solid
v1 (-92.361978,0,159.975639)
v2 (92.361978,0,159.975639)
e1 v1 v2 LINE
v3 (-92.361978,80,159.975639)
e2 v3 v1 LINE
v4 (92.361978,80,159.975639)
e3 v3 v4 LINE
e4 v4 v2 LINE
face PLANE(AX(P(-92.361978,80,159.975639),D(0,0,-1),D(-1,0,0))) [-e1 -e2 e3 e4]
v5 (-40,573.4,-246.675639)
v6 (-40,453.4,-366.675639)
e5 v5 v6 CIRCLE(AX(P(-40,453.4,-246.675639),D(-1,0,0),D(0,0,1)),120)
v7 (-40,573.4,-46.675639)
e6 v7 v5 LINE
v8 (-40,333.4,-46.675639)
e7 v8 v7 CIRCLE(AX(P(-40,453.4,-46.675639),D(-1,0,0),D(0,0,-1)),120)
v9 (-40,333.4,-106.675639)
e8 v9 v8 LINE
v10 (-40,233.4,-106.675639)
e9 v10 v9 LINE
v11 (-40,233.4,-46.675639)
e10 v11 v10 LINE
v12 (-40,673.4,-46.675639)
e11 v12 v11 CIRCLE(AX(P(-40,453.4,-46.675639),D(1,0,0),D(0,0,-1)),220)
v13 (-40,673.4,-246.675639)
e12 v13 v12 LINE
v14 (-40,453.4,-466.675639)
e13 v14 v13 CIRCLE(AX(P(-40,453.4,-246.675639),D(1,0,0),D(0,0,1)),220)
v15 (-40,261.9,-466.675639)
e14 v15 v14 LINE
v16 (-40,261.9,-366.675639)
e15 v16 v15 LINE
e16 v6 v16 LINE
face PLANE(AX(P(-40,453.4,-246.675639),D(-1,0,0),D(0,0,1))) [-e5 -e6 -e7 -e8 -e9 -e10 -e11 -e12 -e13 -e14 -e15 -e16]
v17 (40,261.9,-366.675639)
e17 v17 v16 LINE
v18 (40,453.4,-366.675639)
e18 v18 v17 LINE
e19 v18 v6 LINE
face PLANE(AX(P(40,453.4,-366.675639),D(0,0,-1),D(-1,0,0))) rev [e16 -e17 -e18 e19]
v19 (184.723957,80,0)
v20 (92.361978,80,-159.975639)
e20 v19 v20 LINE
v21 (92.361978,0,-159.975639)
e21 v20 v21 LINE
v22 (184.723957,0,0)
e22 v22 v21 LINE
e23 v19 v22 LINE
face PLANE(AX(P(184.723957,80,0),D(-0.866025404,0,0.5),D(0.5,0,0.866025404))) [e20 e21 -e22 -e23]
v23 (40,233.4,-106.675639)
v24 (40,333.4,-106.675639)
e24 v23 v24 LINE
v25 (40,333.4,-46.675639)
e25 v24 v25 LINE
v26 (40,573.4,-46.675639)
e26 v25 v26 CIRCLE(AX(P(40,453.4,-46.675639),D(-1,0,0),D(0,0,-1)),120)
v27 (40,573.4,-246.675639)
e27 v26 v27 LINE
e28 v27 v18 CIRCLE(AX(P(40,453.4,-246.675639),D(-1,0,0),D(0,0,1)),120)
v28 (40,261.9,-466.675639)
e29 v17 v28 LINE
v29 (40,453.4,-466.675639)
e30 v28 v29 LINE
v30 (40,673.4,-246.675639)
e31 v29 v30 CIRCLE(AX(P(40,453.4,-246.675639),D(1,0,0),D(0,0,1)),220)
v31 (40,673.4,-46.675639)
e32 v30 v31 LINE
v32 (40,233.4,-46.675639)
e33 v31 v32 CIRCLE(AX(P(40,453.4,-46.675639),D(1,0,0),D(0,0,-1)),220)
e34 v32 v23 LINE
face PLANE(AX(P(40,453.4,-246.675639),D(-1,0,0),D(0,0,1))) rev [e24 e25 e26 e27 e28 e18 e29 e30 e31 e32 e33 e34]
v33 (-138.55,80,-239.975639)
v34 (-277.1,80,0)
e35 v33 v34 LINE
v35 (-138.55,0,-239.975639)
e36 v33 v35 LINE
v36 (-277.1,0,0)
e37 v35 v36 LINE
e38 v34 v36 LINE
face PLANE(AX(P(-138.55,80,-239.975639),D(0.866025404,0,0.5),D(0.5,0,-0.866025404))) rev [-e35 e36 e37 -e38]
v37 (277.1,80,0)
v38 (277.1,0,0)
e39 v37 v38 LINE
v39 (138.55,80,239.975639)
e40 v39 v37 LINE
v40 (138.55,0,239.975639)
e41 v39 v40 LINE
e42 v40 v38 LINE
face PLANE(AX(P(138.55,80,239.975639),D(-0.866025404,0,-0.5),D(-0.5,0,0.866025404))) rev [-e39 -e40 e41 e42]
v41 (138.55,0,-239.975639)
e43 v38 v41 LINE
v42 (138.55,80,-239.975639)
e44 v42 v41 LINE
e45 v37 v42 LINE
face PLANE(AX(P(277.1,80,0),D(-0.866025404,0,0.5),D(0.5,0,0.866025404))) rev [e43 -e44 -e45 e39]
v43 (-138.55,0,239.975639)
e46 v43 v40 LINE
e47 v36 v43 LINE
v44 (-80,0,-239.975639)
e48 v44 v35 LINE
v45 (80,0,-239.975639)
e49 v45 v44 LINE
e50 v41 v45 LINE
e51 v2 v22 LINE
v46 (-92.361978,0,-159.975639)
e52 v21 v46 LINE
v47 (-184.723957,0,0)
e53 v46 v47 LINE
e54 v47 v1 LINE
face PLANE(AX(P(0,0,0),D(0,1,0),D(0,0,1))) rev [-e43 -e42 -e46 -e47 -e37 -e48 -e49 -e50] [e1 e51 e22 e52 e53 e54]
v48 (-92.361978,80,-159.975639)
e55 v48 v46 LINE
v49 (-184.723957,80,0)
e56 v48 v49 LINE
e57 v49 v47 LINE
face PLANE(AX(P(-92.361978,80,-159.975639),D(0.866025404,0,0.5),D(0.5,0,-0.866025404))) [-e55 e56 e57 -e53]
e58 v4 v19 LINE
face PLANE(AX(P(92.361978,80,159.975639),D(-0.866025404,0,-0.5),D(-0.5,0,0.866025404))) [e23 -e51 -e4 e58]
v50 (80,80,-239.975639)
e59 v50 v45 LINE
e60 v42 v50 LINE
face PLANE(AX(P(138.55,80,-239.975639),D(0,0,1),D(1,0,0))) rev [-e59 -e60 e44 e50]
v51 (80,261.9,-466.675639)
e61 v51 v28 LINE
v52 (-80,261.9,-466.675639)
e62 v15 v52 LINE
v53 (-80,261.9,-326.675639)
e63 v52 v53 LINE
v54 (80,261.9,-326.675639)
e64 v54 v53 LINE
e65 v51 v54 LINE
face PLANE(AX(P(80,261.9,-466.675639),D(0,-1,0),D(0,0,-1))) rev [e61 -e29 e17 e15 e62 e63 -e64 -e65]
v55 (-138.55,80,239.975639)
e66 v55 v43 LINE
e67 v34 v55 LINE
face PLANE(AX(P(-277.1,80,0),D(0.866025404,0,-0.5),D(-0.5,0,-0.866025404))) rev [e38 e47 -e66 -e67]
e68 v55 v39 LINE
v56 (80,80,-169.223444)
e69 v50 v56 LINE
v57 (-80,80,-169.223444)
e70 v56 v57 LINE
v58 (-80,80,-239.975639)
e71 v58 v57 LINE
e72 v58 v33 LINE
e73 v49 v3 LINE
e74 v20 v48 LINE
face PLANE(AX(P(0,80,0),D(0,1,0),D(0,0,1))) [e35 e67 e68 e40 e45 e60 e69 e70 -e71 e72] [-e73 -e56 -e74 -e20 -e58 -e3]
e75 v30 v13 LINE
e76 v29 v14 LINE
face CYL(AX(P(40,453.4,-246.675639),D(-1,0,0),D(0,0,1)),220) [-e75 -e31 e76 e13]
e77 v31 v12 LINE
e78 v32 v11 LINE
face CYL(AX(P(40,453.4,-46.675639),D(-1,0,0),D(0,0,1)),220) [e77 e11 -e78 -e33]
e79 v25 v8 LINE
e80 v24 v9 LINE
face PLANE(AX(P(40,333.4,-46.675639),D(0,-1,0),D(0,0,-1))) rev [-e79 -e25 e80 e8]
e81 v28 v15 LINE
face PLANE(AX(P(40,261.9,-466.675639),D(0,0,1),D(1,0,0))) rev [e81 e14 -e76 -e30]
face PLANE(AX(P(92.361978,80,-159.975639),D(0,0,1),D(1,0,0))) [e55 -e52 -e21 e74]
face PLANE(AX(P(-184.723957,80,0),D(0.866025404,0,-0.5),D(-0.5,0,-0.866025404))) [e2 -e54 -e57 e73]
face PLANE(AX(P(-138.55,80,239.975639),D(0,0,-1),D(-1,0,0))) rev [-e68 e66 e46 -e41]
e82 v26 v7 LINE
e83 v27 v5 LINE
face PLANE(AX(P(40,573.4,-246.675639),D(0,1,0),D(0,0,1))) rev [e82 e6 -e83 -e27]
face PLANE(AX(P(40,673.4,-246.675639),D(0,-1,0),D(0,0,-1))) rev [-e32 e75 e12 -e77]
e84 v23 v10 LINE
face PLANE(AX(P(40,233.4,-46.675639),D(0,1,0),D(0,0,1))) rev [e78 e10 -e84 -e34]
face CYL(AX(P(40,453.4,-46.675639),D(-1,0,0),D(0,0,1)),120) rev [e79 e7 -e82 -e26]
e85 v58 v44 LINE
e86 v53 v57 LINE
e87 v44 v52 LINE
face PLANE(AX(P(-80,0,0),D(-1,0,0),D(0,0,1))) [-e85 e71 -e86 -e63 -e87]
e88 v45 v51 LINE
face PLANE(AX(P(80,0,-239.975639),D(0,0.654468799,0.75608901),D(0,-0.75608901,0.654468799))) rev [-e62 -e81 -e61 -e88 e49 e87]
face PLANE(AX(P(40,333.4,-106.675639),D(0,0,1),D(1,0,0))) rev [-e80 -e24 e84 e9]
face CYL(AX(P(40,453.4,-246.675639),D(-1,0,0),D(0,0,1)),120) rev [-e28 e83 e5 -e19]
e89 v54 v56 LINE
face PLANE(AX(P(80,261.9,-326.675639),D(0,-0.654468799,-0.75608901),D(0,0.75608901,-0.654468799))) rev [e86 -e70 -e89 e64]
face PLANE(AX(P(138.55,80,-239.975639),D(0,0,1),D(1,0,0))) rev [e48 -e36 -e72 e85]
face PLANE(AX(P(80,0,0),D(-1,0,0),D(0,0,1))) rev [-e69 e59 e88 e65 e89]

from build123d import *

# Parameters (mm, degrees)
SALIENTE_EXTRUIR1_DEPTH = 80
SALIENTE_EXTRUIR2_DEPTH = 80
SALIENTE_EXTRUIR4_DEPTH = 40


with BuildPart() as part:
    # Croquis1 → Saliente-Extruir1 (new body)
    with BuildSketch(Plane(origin=(0, 0, 0), x_dir=(1, 0, 0), z_dir=(0, 1, 0))):
        Polygon((-138.55, 239.975639389), (-277.1, 0), (-138.55, -239.975639389), (138.55, -239.975639389), (277.1, 0), (138.55, 239.975639389), align=None)
        Polygon((-92.361978465, 159.975639389), (-184.72395693, 0), (-92.361978465, -159.975639389), (92.361978465, -159.975639389), (184.72395693, 0), (92.361978465, 159.975639389), align=None, mode=Mode.SUBTRACT)
    extrude(amount=SALIENTE_EXTRUIR1_DEPTH)

    # Croquis2 → Saliente-Extruir2 (add, symmetric)
    with BuildSketch(Plane(origin=(0, 0, 0), x_dir=(0, 0, -1), z_dir=(1, 0, 0))):
        Polygon((239.975639389, 0), (466.675639389, 261.9), (326.675639389, 261.9), (169.223443894, 80), (169.223443894, 0), align=None)
    extrude(amount=SALIENTE_EXTRUIR2_DEPTH, both=True)

    # Croquis3 → Saliente-Extruir4 (add, symmetric)
    with BuildSketch(Plane(origin=(0, 0, 0), x_dir=(0, 0, -1), z_dir=(1, 0, 0))):
        with BuildLine():
            Line((366.675639389, 453.4), (366.675639389, 261.9))
            Line((366.675639389, 261.9), (466.675639389, 261.9))
            Line((466.675639389, 261.9), (466.675639389, 453.4))
            ThreePointArc((466.675639389, 453.4), (402.23913125, 608.963491861), (246.675639389, 673.4))
            Line((246.675639389, 673.4), (46.675639389, 673.4))
            ThreePointArc((46.675639389, 673.4), (-173.324360611, 453.4), (46.675639389, 233.4))
            Line((46.675639389, 233.4), (106.675639389, 233.4))
            Line((106.675639389, 233.4), (106.675639389, 333.4))
            Line((106.675639389, 333.4), (46.675639389, 333.4))
            ThreePointArc((46.675639389, 333.4), (-73.324360611, 453.4), (46.675639389, 573.4))
            Line((46.675639389, 573.4), (246.675639389, 573.4))
            ThreePointArc((246.675639389, 573.4), (331.528453131, 538.252813742), (366.675639389, 453.4))
        make_face()
    extrude(amount=SALIENTE_EXTRUIR4_DEPTH, both=True)


solid = part.part
